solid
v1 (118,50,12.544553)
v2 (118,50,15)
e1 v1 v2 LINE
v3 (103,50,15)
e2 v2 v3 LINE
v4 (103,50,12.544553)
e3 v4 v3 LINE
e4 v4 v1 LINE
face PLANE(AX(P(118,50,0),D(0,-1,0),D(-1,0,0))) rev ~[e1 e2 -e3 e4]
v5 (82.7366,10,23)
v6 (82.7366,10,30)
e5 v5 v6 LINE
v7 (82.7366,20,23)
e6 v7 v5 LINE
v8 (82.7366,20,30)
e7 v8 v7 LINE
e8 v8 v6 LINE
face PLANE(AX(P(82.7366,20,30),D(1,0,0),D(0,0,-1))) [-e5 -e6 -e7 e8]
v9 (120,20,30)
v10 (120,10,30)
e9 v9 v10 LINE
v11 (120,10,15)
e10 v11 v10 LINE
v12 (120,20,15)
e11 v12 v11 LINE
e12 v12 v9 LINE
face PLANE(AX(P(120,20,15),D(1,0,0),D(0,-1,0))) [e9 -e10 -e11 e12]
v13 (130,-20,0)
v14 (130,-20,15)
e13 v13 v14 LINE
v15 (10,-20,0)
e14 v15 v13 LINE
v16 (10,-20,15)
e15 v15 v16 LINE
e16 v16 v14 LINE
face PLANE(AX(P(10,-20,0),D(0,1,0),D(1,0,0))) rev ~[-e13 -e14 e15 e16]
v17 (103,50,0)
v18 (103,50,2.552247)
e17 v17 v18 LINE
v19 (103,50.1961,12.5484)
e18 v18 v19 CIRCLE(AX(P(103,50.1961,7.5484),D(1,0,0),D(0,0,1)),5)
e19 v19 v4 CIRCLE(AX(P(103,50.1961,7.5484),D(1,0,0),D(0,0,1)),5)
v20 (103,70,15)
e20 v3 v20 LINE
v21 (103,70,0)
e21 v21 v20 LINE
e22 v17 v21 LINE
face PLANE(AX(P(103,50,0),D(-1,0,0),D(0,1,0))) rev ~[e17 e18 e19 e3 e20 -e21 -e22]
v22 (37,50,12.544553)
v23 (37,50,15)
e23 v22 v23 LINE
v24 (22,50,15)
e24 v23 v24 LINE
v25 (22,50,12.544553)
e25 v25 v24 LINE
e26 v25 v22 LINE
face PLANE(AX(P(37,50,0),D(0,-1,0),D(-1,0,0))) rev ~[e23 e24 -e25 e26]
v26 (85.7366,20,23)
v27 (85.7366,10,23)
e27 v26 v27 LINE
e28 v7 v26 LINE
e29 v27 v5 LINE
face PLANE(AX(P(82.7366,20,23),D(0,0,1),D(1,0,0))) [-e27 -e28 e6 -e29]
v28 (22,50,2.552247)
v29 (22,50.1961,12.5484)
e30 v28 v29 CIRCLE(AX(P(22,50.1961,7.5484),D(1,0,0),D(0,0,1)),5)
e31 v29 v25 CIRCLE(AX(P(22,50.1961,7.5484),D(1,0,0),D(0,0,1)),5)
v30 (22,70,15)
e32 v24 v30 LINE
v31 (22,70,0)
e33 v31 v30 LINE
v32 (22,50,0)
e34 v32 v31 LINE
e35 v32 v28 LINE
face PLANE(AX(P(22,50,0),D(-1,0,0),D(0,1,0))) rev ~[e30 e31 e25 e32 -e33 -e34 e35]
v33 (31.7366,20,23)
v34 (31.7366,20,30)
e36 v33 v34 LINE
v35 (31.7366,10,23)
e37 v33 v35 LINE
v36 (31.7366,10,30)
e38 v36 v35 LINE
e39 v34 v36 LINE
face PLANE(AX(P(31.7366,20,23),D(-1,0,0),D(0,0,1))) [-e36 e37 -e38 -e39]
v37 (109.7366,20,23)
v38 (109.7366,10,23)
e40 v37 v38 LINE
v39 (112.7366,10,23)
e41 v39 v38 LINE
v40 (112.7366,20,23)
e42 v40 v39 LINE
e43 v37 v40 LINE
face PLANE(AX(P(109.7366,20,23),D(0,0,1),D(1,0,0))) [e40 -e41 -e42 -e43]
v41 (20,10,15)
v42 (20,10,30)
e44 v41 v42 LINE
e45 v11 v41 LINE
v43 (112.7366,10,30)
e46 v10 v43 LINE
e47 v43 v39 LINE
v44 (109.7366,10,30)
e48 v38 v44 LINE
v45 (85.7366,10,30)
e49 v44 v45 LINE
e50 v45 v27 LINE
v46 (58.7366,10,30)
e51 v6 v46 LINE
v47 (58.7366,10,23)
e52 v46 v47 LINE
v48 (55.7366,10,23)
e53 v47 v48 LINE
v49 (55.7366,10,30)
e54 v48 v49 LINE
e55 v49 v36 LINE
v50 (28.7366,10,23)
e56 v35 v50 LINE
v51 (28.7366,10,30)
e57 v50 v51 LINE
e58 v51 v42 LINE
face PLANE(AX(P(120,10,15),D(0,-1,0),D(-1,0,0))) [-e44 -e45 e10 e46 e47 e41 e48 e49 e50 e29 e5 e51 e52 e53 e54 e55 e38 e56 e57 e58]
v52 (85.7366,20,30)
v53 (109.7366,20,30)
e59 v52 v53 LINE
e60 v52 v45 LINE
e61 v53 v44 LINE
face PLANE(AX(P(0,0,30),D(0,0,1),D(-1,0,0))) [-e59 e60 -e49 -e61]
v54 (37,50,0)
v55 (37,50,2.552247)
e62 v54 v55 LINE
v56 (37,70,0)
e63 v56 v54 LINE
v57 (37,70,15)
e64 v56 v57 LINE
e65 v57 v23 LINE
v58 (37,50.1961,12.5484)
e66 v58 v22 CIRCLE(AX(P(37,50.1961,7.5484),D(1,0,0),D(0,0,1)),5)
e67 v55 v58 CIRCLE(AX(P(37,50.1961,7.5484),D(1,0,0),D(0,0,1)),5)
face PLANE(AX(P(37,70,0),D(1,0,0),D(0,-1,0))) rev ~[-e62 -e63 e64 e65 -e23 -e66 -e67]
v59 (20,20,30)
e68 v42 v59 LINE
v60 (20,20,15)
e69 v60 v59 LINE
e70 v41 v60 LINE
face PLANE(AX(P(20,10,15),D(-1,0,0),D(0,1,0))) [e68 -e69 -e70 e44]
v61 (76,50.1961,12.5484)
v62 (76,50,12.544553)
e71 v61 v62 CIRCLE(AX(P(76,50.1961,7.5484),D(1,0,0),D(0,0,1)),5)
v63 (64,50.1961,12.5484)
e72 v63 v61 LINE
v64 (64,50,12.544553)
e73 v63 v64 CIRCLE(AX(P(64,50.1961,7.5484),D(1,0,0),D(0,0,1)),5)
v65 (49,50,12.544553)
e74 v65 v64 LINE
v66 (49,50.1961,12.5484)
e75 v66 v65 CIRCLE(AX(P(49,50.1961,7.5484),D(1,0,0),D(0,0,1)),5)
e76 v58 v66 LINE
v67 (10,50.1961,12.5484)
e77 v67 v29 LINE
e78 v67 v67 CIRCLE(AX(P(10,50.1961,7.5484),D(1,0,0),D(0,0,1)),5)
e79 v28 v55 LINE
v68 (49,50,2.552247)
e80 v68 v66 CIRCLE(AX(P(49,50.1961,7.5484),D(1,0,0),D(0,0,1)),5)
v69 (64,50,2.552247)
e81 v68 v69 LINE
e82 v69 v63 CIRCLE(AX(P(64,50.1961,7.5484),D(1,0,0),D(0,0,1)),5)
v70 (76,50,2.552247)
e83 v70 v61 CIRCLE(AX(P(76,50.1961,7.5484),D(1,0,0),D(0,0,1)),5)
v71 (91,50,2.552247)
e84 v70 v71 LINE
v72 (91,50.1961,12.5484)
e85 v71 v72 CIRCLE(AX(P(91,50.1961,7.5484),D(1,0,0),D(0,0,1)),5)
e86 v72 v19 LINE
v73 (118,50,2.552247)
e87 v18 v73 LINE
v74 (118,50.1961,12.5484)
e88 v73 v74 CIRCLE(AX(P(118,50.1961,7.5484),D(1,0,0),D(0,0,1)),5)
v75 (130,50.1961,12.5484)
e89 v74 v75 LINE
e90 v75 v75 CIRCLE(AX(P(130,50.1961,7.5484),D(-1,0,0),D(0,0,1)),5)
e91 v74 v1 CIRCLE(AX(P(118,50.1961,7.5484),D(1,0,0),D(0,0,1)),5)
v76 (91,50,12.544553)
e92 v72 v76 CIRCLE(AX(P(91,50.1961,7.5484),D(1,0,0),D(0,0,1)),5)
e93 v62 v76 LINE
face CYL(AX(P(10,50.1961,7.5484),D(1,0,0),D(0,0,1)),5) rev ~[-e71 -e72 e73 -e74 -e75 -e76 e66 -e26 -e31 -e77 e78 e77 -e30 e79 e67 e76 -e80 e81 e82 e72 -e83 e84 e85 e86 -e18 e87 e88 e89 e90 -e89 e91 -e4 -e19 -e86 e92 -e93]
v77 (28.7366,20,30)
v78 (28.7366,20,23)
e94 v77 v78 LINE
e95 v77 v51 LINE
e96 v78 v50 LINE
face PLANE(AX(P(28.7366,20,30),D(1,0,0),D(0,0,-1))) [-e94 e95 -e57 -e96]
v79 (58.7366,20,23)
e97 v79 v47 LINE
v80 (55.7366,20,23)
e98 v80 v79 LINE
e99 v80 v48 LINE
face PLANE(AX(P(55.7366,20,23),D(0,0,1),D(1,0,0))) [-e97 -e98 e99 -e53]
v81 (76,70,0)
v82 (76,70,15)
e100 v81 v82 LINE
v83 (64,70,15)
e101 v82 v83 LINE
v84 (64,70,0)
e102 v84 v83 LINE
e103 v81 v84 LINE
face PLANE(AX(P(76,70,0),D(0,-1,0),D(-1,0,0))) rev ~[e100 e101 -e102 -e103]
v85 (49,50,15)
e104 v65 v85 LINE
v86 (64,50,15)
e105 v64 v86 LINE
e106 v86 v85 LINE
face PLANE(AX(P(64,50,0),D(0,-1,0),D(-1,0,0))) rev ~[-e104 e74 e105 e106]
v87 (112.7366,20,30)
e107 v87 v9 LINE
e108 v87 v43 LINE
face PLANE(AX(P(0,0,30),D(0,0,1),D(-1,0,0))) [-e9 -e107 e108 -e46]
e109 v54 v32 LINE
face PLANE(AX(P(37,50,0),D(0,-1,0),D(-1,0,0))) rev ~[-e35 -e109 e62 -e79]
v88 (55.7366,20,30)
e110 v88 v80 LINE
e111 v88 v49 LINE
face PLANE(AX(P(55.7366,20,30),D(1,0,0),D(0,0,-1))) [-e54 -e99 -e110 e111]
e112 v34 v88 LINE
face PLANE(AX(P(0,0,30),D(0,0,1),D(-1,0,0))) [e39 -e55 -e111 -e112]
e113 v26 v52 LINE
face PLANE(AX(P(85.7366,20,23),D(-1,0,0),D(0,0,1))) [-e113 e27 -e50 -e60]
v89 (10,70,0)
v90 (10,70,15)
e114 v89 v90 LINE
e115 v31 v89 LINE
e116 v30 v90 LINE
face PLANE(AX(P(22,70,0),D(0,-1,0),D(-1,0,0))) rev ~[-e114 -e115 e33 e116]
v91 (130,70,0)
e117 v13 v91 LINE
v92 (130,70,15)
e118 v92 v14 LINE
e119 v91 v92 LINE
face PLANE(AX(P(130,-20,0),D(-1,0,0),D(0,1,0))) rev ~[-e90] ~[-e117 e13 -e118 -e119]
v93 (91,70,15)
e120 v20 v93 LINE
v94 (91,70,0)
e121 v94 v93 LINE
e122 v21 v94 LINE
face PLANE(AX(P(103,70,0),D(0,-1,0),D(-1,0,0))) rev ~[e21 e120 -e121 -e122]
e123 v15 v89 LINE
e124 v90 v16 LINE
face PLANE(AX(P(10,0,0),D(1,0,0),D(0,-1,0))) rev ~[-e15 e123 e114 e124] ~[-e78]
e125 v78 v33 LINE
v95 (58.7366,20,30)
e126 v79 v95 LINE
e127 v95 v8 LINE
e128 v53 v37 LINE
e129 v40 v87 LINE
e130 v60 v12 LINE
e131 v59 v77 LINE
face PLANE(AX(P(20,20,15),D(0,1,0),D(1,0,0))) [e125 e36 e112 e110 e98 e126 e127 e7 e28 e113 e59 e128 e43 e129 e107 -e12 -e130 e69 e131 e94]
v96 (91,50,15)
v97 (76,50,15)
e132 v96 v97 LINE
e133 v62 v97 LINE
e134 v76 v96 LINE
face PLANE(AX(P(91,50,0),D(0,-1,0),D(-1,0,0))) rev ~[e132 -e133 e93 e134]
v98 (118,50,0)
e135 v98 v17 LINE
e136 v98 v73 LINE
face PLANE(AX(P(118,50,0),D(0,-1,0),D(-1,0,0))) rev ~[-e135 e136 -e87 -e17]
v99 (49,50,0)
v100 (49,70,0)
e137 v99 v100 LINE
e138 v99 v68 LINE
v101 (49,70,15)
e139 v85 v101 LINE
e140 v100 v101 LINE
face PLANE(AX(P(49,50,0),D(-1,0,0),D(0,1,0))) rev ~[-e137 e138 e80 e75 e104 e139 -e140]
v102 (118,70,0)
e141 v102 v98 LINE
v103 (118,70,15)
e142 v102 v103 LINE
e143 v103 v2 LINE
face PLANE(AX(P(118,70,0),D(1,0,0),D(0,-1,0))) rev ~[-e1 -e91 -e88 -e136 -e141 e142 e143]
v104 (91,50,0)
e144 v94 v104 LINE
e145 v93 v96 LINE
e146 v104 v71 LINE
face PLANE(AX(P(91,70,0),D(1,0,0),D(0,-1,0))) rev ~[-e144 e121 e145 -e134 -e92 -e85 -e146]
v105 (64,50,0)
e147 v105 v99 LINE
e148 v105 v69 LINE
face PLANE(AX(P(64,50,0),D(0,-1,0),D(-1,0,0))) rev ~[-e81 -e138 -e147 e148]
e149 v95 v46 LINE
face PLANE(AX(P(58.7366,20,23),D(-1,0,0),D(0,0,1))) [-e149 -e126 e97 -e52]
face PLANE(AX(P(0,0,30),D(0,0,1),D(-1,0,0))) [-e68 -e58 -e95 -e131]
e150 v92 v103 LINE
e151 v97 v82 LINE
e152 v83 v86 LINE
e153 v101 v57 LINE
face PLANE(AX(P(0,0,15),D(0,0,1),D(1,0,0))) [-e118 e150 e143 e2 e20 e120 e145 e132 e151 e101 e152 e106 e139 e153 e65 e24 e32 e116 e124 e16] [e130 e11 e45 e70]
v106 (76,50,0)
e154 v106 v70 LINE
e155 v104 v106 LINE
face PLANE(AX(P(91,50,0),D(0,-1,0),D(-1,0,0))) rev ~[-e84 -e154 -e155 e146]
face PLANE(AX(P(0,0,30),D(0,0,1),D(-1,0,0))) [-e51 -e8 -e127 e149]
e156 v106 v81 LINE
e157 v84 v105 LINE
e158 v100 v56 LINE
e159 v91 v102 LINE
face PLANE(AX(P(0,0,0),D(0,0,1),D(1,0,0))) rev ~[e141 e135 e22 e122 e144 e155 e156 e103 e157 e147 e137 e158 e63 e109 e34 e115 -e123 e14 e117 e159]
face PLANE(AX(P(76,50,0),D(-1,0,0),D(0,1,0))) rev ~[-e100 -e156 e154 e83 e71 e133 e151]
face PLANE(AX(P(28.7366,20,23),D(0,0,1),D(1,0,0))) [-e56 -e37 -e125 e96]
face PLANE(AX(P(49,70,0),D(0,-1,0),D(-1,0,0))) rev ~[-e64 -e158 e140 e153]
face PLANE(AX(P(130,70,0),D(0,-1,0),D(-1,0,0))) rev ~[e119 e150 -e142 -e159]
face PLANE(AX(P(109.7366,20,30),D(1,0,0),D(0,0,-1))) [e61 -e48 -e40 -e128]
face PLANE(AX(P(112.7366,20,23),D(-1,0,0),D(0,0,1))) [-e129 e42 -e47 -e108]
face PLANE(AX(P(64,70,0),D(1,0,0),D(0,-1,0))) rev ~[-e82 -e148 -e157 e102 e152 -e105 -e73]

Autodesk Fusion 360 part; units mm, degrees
sketch "Sketch1" plane through (0, 0, 0) normal (0, 0, 1) x (1, 0, 0)
  line L0 (130, 0) -> (130, 50)
  line L1 (130, 50) -> (130, 70)
  line L2 (130, 70) -> (118, 70)
  line L3 (118, 70) -> (118, 50)
  line L4 (118, 50) -> (103, 50)
  line L5 (103, 50) -> (103, 70)
  line L6 (103, 70) -> (91, 70)
  line L7 (91, 70) -> (91, 50)
  line L8 (91, 50) -> (76, 50)
  line L9 (76, 50) -> (76, 70)
  line L10 (76, 70) -> (64, 70)
  line L11 (64, 70) -> (64, 50)
  line L12 (64, 50) -> (49, 50)
  line L13 (49, 50) -> (49, 70)
  line L14 (49, 70) -> (37, 70)
  line L15 (37, 70) -> (37, 50)
  line L16 (37, 50) -> (22, 50)
  line L17 (22, 50) -> (22, 70)
  line L18 (22, 70) -> (10, 70)
  line L19 (10, 70) -> (10, 50)
  line L20 (10, 50) -> (10, 0)
  line L21 (10, 0) -> (10, -20)
  line L22 (10, -20) -> (130, -20)
  line L23 (130, -20) -> (130, 0)
  dimension "d1" = 12
  dimension "d2" = 15
  dimension "d3" = 12
  dimension "d4" = 15
  dimension "d5" = 12
  dimension "d6" = 15
  dimension "d7" = 12
  dimension "d8" = 15
  dimension "d9" = 12
  dimension "d11" = 20
  dimension "d14" = 20
  dimension "d15" = 20
  dimension "d16" = 20
  dimension "d17" = 20
  dimension "d18" = 20
  dimension "d19" = 20
  dimension "d20" = 20
  dimension "d21" = 20
  dimension "d49" = 120
  dimension "d50" = 70
  dimension "d51" = 70
extrude "Extrude1" add sketch "Sketch1" along normal blind 15
hole "Hole1" at (10, 50.1961, 7.5484) direction (1, 0, 0) diameter 10 depth 120 tip angle 180
sketch "Sketch2" plane through (0, 0, 15) normal (0, 0, 1) x (-1, 0, 0)
  line L0 (-130, 20) -> (-130, -70)
  line L1 (-130, -70) -> (-118, -70)
  line L2 (-118, -70) -> (-118, -50)
  line L3 (-118, -50) -> (-103, -50)
  line L4 (-103, -50) -> (-103, -70)
  line L5 (-103, -70) -> (-91, -70)
  line L6 (-91, -70) -> (-91, -50)
  line L7 (-91, -50) -> (-76, -50)
  line L8 (-76, -50) -> (-76, -70)
  line L9 (-76, -70) -> (-64, -70)
  line L10 (-64, -70) -> (-64, -50)
  line L11 (-64, -50) -> (-49, -50)
  line L12 (-49, -50) -> (-49, -70)
  line L13 (-49, -70) -> (-37, -70)
  line L14 (-37, -70) -> (-37, -50)
  line L15 (-37, -50) -> (-22, -50)
  line L16 (-22, -50) -> (-22, -70)
  line L17 (-22, -70) -> (-10, -70)
  line L18 (-10, -70) -> (-10, 20)
  line L19 (-20, -20) -> (-120, -20)
  line L20 (-120, -20) -> (-120, -10)
  line L21 (-120, -10) -> (-20, -10)
  line L22 (-20, -10) -> (-20, -20)
  line L23 (-10, 20) -> (-130, 20)
  dimension "d28" = 100
  dimension "d29" = 10
extrude "Extrude2" add sketch "Sketch2" along normal blind 15 contours L19 L20 L21 L22
sketch "Sketch3" plane through (0, 20, 0) normal (0, 1, 0) x (-1, 0, 0)
  line L0 (-120, 15) -> (-20, 15)
  line L1 (-20, 15) -> (-20, 30)
  line L2 (-20, 30) -> (-120, 30)
  line L3 (-120, 30) -> (-120, 15)
  line L4 (-112.7366, 30) -> (-109.7366, 30)
  line L5 (-109.7366, 30) -> (-109.7366, 23)
  line L6 (-109.7366, 23) -> (-112.7366, 23)
  line L7 (-112.7366, 23) -> (-112.7366, 30)
  line L8 (-85.7366, 30) -> (-82.7366, 30)
  line L9 (-82.7366, 30) -> (-82.7366, 23)
  line L10 (-82.7366, 23) -> (-85.7366, 23)
  line L11 (-85.7366, 23) -> (-85.7366, 30)
  line L12 (-58.7366, 30) -> (-55.7366, 30)
  line L13 (-55.7366, 30) -> (-55.7366, 23)
  line L14 (-55.7366, 23) -> (-58.7366, 23)
  line L15 (-58.7366, 23) -> (-58.7366, 30)
  line L16 (-31.7366, 30) -> (-28.7366, 30)
  line L17 (-28.7366, 30) -> (-28.7366, 23)
  line L18 (-28.7366, 23) -> (-31.7366, 23)
  line L19 (-31.7366, 23) -> (-31.7366, 30)
  dimension "d32" = 7
  dimension "d33" = 3
  dimension "d34" = 7
  dimension "d35" = 3
  dimension "d36" = 7
  dimension "d37" = 3
  dimension "d38" = 7
  dimension "d39" = 3
  dimension "d40" = 24
  dimension "d41" = 24
  dimension "d42" = 24
  dimension "d43" = 7.2634
extrude "Extrude3" cut sketch "Sketch3" against normal blind 20 contours L2 L4 L5 L6 L7 | L2 L16 L17 L18 L19 | L2 L8 L9 L10 L11 | L2 L12 L13 L14 L15
sketch "Sketch4" plane through (0, 0, 15) normal (0, 0, 1) x (-1, 0, 0)
  line L0 (-20, -10) -> (-20, -20)
  line L1 (-20, -20) -> (-120, -20)
  line L2 (-120, -20) -> (-120, -10)
  line L3 (-120, -10) -> (-20, -10)
  line L4 (-130, 20) -> (-130, -70)
  line L5 (-130, -70) -> (-118, -70)
  line L6 (-118, -70) -> (-118, -50)
  line L7 (-118, -50) -> (-103, -50)
  line L8 (-103, -50) -> (-103, -70)
  line L9 (-103, -70) -> (-91, -70)
  line L10 (-91, -70) -> (-91, -50)
  line L11 (-91, -50) -> (-76, -50)
  line L12 (-76, -50) -> (-76, -70)
  line L13 (-76, -70) -> (-64, -70)
  line L14 (-64, -70) -> (-64, -50)
  line L15 (-64, -50) -> (-49, -50)
  line L16 (-49, -50) -> (-49, -70)
  line L17 (-49, -70) -> (-37, -70)
  line L18 (-37, -70) -> (-37, -50)
  line L19 (-37, -50) -> (-22, -50)
  line L20 (-22, -50) -> (-22, -70)
  line L21 (-22, -70) -> (-10, -70)
  line L22 (-10, -70) -> (-10, 20)
  line L23 (-10, 20) -> (-130, 20)
